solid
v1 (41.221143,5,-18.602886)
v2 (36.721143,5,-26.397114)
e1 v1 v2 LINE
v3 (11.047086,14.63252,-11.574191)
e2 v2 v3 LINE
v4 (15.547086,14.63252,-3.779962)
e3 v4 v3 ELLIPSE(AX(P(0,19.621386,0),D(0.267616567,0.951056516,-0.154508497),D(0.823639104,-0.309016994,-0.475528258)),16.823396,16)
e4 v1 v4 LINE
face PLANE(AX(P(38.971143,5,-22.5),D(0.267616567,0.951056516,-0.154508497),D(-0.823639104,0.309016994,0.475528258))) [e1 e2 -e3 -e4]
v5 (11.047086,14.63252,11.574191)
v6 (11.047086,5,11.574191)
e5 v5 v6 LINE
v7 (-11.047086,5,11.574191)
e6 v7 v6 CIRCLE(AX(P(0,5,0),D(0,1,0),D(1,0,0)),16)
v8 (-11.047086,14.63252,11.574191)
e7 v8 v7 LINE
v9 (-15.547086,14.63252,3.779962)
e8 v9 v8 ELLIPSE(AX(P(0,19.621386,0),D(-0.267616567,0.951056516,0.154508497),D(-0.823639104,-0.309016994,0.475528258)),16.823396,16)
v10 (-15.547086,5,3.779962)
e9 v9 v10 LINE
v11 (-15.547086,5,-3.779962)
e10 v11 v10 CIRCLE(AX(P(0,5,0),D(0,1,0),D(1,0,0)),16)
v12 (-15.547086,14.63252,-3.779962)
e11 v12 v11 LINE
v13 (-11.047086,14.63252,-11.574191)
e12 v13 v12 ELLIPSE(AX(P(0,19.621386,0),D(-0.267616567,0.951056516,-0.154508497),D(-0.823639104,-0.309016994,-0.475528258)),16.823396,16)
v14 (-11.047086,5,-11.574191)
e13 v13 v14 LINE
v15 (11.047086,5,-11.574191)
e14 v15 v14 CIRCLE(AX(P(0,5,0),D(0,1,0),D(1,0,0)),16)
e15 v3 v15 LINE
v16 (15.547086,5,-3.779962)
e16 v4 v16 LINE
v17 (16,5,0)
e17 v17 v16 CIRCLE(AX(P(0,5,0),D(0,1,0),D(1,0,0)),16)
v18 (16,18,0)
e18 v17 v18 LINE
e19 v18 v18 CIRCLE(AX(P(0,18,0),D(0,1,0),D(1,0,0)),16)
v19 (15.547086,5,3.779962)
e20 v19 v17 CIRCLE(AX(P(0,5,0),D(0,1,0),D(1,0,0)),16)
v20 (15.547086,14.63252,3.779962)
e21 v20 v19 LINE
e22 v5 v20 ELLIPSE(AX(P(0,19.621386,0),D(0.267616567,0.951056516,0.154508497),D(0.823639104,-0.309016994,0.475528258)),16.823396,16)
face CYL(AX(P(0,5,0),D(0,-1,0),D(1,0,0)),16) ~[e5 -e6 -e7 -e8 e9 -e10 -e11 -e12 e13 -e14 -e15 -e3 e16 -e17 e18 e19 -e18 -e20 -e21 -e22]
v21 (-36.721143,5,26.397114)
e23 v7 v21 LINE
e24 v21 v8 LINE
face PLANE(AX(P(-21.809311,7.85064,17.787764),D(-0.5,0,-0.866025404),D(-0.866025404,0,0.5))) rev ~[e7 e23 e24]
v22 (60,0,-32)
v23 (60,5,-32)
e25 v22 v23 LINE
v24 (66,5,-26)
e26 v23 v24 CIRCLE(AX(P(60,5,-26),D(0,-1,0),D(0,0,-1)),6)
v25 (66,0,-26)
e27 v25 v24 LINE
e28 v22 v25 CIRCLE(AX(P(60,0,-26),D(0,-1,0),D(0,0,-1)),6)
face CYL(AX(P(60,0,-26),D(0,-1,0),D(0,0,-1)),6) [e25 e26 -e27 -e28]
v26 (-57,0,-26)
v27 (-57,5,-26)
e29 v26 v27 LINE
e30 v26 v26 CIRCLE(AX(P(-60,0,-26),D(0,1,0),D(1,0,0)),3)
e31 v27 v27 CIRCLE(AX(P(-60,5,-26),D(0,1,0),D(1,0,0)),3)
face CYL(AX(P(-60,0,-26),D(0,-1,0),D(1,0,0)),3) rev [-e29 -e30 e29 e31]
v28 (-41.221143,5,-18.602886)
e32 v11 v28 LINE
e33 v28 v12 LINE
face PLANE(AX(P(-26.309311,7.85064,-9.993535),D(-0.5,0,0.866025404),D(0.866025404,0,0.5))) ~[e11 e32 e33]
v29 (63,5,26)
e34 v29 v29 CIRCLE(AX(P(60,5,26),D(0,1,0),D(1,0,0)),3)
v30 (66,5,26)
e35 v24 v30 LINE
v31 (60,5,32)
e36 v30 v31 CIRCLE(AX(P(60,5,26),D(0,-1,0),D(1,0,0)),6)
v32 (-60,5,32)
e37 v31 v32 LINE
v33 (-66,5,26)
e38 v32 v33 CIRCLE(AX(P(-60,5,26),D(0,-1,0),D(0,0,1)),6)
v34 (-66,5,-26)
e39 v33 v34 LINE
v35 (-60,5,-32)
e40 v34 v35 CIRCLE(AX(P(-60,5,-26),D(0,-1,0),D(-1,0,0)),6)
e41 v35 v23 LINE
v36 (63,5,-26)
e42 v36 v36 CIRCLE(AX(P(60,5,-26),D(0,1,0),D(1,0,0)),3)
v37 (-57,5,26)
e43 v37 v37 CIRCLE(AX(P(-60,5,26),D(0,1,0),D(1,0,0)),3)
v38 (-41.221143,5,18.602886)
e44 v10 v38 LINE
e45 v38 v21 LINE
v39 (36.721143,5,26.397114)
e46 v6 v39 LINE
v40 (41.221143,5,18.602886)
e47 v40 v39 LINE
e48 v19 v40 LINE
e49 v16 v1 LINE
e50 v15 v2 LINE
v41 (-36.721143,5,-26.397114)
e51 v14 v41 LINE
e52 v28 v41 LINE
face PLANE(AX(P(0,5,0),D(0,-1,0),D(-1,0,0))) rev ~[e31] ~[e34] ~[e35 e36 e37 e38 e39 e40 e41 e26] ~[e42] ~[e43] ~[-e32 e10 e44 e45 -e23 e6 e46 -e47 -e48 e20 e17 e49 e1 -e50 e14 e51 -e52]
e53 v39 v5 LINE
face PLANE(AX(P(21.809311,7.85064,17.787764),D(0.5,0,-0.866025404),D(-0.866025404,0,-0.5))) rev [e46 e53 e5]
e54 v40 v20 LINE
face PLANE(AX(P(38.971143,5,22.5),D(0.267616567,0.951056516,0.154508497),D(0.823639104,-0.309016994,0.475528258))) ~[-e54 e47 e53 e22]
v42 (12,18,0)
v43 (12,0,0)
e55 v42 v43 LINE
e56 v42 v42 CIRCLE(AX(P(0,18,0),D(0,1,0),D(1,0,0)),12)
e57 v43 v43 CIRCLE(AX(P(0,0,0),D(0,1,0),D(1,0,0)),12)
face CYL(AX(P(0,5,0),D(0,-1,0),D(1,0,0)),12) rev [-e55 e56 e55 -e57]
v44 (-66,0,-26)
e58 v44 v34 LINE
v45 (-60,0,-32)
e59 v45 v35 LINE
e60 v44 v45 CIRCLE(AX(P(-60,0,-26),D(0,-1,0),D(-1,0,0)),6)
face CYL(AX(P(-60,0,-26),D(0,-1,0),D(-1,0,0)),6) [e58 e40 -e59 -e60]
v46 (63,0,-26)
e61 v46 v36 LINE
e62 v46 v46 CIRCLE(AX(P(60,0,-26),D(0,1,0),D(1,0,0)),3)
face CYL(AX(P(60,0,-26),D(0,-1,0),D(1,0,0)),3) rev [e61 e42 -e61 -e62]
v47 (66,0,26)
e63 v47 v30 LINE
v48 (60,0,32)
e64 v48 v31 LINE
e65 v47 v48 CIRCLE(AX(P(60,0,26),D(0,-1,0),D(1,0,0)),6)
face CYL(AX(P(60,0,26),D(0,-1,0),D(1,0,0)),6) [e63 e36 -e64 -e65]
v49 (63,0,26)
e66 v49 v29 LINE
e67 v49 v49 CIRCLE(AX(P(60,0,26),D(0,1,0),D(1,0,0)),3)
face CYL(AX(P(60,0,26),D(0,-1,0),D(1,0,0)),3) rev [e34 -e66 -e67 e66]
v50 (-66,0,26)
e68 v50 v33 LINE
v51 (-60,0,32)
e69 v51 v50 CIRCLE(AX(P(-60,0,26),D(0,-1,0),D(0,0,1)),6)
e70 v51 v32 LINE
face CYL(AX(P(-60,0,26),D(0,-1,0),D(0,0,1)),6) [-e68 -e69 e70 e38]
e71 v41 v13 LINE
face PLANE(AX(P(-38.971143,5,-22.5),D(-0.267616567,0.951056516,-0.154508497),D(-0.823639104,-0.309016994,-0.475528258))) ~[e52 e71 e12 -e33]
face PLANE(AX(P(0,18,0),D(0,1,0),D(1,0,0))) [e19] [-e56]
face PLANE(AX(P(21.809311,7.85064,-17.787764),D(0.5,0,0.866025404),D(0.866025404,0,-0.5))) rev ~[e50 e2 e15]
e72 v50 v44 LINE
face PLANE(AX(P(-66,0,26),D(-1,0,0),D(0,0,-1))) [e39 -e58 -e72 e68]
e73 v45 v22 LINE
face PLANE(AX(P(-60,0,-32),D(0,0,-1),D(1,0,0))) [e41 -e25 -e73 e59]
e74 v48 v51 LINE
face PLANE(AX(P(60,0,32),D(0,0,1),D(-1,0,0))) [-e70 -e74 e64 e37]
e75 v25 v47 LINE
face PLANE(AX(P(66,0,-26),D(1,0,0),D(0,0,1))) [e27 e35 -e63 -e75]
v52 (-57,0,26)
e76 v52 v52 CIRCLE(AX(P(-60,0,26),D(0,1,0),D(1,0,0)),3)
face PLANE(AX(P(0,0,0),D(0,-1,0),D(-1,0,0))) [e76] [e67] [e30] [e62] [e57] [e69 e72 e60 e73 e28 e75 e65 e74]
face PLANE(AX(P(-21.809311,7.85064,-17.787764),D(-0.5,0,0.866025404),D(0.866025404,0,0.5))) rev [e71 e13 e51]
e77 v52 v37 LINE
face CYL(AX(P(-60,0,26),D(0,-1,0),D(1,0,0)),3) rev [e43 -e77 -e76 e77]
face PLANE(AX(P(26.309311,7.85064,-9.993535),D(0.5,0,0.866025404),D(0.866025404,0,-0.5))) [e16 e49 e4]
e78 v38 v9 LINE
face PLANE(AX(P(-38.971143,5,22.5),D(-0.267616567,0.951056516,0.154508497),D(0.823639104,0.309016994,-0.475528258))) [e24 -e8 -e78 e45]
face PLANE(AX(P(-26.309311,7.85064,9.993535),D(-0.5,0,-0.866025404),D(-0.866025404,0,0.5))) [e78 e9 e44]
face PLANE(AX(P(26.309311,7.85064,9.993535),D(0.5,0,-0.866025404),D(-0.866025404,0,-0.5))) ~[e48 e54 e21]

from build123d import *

# Parameters (mm, degrees)
SKETCH1_R           = 3
BOSS_EXTRUDE1_DEPTH = 5
SKETCH2_R           = 12
CUT_EXTRUDE1_DEPTH  = 5
BOSS_EXTRUDE2_START = 13
SKETCH2_3_R         = 16
SKETCH2_3_R_2       = 12
BOSS_EXTRUDE2_DEPTH = 13
BOSS_EXTRUDE5_DEPTH = 4.5


with BuildPart() as part:
    # Sketch1 → Boss-Extrude1 (new body)
    with BuildSketch(Plane(origin=(0, 0, 0), x_dir=(1, 0, 0), z_dir=(0, 1, 0))):
        with BuildLine():
            Line((-60, 32), (60, 32))
            ThreePointArc((60, 32), (64.242640687, 30.242640687), (66, 26))
            Line((66, 26), (66, -26))
            ThreePointArc((66, -26), (64.242640687, -30.242640687), (60, -32))
            Line((60, -32), (-60, -32))
            ThreePointArc((-60, -32), (-64.242640687, -30.242640687), (-66, -26))
            Line((-66, -26), (-66, 26))
            ThreePointArc((-66, 26), (-64.242640687, 30.242640687), (-60, 32))
        make_face()
        with Locations((-60, 26)):
            Circle(SKETCH1_R, mode=Mode.SUBTRACT)
        with Locations((-60, -26)):
            Circle(SKETCH1_R, mode=Mode.SUBTRACT)
        with Locations((60, 26)):
            Circle(SKETCH1_R, mode=Mode.SUBTRACT)
        with Locations((60, -26)):
            Circle(SKETCH1_R, mode=Mode.SUBTRACT)
    extrude(amount=BOSS_EXTRUDE1_DEPTH)

    # Sketch2 → Cut-Extrude1 (cut)
    with BuildSketch(Plane(origin=(0, 5, 0), x_dir=(1, 0, 0), z_dir=(0, 1, 0))):
        Circle(SKETCH2_R)
    extrude(amount=-CUT_EXTRUDE1_DEPTH, mode=Mode.SUBTRACT)

    # Sketch2<3> → Boss-Extrude2 (add)
    with BuildSketch(Plane(origin=(0, 5, 0), x_dir=(1, 0, 0), z_dir=(0, 1, 0)).offset(BOSS_EXTRUDE2_START)):
        Circle(SKETCH2_3_R)
        Circle(SKETCH2_3_R_2, mode=Mode.SUBTRACT)
    extrude(amount=-BOSS_EXTRUDE2_DEPTH)

    # Sketch4 → Boss-Extrude5 (add, symmetric)
    with BuildSketch(Plane(origin=(0, 0, 0), x_dir=(0.8660254037844379, 0, -0.5000000000000014), z_dir=(0.5000000000000014, 0, 0.8660254037844379))):
        Polygon((-45, 5), (-14.70481954, 14.843500832), (-14.70481954, 5), align=None)
        Polygon((14.70481954, 14.843500832), (14.70481954, 5), (45, 5), align=None)
    boss_extrude5 = extrude(amount=BOSS_EXTRUDE5_DEPTH, both=True)

    # Mirror1: Boss-Extrude5 across plane
    add(boss_extrude5.mirror(Plane.XY))


solid = part.part
